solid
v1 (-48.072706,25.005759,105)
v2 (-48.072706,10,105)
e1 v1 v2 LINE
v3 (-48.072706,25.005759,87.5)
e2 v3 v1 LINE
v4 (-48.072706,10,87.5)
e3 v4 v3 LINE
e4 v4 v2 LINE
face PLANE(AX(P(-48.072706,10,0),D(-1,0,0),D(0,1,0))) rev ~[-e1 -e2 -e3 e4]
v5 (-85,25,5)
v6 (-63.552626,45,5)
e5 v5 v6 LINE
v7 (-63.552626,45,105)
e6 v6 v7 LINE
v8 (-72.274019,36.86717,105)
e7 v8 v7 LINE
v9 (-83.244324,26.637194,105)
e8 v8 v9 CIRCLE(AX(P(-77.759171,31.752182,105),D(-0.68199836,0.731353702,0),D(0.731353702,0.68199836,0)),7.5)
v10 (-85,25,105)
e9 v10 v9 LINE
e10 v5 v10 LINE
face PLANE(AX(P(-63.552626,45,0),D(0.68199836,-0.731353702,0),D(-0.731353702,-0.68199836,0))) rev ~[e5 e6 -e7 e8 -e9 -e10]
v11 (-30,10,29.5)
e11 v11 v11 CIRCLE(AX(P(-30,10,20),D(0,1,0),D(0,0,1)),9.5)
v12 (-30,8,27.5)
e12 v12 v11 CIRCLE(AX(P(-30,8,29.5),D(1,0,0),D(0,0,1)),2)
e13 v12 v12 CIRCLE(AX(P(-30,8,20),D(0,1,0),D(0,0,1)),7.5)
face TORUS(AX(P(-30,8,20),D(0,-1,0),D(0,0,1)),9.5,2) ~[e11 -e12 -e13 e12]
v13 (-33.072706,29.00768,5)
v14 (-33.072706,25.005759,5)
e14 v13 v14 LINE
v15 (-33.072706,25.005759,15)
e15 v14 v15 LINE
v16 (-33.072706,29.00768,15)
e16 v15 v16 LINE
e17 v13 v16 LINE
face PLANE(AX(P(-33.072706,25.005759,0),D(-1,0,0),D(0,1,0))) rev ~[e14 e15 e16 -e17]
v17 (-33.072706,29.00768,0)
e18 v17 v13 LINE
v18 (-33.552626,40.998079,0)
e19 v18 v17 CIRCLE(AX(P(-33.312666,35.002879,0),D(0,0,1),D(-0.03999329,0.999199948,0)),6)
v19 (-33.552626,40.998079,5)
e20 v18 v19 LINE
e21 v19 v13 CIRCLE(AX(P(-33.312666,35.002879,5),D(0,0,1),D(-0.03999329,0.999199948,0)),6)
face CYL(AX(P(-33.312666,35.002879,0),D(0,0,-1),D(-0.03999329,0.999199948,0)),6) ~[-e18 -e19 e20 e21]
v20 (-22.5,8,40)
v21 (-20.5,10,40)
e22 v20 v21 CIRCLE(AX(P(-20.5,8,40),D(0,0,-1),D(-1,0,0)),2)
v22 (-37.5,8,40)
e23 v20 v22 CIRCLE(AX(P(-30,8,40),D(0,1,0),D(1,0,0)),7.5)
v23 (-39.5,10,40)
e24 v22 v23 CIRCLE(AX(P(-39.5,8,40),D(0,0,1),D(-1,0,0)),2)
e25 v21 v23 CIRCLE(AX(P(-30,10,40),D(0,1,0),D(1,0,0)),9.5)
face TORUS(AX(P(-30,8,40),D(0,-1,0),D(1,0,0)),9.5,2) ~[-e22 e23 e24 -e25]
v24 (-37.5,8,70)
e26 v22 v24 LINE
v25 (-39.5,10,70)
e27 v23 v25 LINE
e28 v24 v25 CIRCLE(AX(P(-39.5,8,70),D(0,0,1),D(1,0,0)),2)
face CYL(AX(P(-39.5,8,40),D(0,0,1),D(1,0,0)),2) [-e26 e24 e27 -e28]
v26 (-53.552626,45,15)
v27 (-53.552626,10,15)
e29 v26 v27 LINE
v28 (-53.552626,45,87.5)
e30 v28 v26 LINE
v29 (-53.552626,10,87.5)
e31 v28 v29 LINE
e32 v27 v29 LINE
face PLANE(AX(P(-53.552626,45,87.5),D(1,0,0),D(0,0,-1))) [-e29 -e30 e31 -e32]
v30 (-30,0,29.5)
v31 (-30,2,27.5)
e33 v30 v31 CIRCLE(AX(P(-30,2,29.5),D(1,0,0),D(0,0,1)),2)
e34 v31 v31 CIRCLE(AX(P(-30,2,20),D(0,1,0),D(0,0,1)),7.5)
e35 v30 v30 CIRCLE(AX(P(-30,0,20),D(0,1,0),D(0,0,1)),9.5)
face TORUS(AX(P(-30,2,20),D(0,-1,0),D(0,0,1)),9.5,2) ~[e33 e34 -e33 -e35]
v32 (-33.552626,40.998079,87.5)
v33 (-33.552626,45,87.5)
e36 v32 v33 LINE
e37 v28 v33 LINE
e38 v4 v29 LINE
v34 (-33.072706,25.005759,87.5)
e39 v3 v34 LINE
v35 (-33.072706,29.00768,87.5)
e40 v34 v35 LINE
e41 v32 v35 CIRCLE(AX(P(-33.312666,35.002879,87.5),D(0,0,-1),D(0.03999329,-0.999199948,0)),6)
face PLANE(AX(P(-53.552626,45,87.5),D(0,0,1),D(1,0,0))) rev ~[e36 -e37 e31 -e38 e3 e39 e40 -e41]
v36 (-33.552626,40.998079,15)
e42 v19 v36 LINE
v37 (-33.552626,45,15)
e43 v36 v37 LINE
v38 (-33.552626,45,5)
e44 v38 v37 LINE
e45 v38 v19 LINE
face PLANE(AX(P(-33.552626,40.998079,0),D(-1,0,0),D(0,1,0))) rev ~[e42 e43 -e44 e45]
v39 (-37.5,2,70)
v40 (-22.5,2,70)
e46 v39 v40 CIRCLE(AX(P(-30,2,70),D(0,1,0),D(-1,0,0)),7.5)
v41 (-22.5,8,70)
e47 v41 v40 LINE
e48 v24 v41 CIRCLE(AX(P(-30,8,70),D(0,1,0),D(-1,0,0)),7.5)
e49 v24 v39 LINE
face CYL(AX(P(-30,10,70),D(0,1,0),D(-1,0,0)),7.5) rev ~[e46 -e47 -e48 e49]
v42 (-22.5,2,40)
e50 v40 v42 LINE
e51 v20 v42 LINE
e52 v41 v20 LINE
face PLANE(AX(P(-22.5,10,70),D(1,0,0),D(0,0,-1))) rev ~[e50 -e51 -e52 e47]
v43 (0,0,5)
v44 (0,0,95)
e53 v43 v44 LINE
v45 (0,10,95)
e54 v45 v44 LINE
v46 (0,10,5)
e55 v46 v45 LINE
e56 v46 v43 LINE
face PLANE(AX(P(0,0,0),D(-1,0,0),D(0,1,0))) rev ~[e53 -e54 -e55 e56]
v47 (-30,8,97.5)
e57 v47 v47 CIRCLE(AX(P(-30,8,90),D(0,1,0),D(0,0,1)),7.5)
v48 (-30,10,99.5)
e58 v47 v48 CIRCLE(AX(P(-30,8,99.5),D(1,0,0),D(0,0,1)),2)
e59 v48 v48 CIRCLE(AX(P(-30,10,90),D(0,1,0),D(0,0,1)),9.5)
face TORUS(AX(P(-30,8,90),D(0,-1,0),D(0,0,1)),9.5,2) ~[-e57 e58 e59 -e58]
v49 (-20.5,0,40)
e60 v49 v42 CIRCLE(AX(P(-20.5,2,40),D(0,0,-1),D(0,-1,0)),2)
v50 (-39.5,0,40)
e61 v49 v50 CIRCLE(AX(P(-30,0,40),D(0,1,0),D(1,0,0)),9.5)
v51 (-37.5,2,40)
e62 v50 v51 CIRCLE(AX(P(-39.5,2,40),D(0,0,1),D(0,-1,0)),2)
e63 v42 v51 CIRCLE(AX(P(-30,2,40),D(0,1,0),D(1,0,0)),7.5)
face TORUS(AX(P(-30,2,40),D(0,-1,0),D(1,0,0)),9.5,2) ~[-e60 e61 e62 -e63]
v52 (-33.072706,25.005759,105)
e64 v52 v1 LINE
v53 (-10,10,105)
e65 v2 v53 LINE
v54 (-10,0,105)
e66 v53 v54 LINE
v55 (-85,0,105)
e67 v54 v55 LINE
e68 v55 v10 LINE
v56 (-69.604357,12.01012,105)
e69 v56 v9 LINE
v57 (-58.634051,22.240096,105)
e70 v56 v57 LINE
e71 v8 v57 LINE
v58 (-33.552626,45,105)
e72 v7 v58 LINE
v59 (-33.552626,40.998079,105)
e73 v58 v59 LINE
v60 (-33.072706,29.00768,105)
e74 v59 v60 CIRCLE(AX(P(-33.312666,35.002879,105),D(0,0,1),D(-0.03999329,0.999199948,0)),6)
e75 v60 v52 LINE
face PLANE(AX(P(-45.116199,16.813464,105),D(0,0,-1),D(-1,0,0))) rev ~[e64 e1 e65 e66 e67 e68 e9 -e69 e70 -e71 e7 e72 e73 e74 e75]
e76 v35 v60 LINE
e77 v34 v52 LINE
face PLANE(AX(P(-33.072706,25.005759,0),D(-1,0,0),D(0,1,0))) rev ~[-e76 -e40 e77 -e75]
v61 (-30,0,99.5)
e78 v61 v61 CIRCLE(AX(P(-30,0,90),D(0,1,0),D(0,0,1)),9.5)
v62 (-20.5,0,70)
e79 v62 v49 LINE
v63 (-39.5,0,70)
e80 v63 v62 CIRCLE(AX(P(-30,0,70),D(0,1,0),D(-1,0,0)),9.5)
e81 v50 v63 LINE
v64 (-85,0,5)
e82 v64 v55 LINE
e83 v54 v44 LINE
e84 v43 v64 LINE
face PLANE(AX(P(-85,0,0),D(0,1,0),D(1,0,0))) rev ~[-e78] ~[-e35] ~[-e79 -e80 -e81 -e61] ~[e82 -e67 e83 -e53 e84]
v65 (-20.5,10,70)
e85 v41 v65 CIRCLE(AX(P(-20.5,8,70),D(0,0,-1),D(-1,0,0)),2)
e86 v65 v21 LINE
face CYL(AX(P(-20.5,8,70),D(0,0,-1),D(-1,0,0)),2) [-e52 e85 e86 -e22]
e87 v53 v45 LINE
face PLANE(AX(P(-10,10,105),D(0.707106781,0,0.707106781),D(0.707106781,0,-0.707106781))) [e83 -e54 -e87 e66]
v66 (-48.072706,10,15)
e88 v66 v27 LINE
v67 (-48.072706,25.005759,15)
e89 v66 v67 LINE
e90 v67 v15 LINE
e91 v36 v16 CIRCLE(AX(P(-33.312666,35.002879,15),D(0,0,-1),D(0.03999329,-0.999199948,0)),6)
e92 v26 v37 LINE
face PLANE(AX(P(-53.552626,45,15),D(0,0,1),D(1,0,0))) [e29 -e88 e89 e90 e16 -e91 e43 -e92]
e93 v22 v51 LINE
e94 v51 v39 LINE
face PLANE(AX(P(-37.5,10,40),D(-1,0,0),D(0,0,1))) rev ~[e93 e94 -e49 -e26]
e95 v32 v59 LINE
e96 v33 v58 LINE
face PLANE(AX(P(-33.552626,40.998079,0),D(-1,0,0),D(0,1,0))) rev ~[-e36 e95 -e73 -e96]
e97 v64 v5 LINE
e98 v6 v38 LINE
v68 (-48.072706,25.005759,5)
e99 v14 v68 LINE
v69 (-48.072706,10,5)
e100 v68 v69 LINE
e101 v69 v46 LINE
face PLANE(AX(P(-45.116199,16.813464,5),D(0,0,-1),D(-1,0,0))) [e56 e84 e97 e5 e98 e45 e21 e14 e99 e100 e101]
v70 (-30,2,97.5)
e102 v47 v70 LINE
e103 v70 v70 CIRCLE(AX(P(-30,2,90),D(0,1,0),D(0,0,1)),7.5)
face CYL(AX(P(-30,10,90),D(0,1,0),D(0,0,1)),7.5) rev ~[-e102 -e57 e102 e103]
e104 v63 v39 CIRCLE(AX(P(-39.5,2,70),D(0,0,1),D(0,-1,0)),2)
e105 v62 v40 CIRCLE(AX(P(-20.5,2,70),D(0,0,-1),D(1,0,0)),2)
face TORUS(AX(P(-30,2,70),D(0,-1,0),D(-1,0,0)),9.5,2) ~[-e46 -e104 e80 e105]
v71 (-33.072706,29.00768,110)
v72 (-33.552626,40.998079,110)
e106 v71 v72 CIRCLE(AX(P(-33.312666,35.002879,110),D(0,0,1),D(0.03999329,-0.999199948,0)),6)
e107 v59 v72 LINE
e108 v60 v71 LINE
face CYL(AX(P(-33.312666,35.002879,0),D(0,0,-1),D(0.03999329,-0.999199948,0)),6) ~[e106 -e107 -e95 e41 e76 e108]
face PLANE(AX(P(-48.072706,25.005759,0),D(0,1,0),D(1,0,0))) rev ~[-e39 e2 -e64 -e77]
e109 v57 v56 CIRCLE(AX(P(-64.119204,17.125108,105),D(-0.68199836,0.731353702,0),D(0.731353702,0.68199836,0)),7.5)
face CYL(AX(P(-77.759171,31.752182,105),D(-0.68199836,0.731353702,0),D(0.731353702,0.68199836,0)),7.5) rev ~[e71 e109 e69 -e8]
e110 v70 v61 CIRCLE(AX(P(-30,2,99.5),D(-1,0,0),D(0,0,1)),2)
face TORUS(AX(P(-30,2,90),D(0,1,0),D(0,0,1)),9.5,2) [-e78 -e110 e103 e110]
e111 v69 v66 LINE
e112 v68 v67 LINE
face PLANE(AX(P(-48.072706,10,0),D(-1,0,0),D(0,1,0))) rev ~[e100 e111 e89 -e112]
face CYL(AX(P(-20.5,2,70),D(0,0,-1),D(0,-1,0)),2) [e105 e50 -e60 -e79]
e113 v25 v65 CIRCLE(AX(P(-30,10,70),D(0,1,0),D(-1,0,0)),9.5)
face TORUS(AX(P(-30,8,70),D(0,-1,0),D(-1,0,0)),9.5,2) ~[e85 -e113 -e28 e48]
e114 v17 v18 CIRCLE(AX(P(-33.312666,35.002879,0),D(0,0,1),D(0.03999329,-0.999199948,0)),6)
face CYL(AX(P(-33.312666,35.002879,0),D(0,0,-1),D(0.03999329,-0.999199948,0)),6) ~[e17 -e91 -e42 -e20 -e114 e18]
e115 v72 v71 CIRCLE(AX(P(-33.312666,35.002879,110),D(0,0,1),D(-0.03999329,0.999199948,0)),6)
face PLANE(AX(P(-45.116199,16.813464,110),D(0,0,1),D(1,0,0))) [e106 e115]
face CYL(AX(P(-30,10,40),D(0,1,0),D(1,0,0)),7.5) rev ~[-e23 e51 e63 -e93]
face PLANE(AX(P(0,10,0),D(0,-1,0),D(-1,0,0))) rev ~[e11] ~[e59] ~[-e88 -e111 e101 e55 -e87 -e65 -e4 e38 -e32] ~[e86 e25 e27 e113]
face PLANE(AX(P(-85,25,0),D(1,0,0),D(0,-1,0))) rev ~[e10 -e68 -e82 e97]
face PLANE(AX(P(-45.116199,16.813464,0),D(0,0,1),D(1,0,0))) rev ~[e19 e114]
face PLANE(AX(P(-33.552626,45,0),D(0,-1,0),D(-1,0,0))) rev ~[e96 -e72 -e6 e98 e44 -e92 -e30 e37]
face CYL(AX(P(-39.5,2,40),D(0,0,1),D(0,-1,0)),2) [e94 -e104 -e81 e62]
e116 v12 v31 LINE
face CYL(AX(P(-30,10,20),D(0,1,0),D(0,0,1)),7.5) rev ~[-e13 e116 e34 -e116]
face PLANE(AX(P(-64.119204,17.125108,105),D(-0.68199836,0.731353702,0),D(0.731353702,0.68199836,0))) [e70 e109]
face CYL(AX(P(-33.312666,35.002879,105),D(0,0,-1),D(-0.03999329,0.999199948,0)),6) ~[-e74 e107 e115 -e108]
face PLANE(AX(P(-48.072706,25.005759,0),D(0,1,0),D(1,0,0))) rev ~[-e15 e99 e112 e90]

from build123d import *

# Parameters (mm, degrees)
ESQUISSE1_R             = 6
BOSS_EXTRU_1_DEPTH      = 110
ENL_V_MAT_EXTRU_1_DEPTH = 5
ENL_V_START             = -5
ENL_V_MAT_EXTRU_2_DEPTH = 5
ENL_V_MAT_EXTRU_4_REACH = 148.116
ESQUISSE5_W             = 37.986809269
ESQUISSE5_H             = 72.5
ESQUISSE6_R             = 7.5
ENL_V_MAT_EXTRU_5_DEPTH = 20
ESQUISSE7_R             = 7.5
ENL_V_MAT_EXTRU_6_DEPTH = 20
CONG_1_R                = 2
CONG_2_R                = 2


with BuildPart() as part:
    # Esquisse1 → Boss.-Extru.1 (new body)
    with BuildSketch(Plane.XY):
        with BuildLine():
            Line((-85, 0), (0, 0))
            Line((0, 0), (0, 10))
            Line((0, 10), (-48.072706324, 10))
            Line((-48.072706324, 10), (-48.072706324, 25.005758897))
            Line((-48.072706324, 25.005758897), (-33.072706324, 25.005758897))
            Line((-33.072706324, 25.005758897), (-33.072706324, 29.007679758))
            ThreePointArc((-33.072706324, 29.007679758), (-39.307865752, 34.762919711), (-33.5526258, 40.998079138))
            Line((-33.5526258, 40.998079138), (-33.5526258, 45))
            Line((-33.5526258, 45), (-63.5526258, 45))
            Line((-63.5526258, 45), (-85, 25))
            Line((-85, 25), (-85, 0))
        make_face()
        with Locations((-33.312666062, 35.002879448)):
            Circle(ESQUISSE1_R)
    extrude(amount=BOSS_EXTRU_1_DEPTH)

    # Esquisse2 → Enlèv. mat.-Extru.1 (cut)
    with BuildSketch(Plane(origin=(0, 0, 0), x_dir=(-1, 0, 0), z_dir=(0, 0, -1))):
        with BuildLine():
            Line((33.5526258, 45), (33.5526258, 40.998079138))
            ThreePointArc((33.5526258, 40.998079138), (39.307865752, 34.762919711), (33.072706324, 29.007679758))
            Line((33.072706324, 29.007679758), (33.072706324, 25.005758897))
            Line((33.072706324, 25.005758897), (48.072706324, 25.005758897))
            Line((48.072706324, 25.005758897), (48.072706324, 10))
            Line((48.072706324, 10), (0, 10))
            Line((0, 10), (0, 0))
            Line((0, 0), (85, 0))
            Line((85, 0), (85, 25))
            Line((85, 25), (63.5526258, 45))
            Line((63.5526258, 45), (33.5526258, 45))
        make_face()
    extrude(amount=-ENL_V_MAT_EXTRU_1_DEPTH, mode=Mode.SUBTRACT)

    # Esquisse3 → Enlèv. mat.-Extru.2 (cut)
    with BuildSketch(Plane.XY.offset(110).offset(ENL_V_START)):
        with BuildLine():
            Line((-33.5526258, 45), (-33.5526258, 40.998079138))
            ThreePointArc((-33.5526258, 40.998079138), (-39.307865752, 34.762919711), (-33.072706324, 29.007679758))
            Line((-33.072706324, 29.007679758), (-33.072706324, 25.005758897))
            Line((-33.072706324, 25.005758897), (-48.072706324, 25.005758897))
            Line((-48.072706324, 25.005758897), (-48.072706324, 10))
            Line((-48.072706324, 10), (0, 10))
            Line((0, 10), (0, 0))
            Line((0, 0), (-85, 0))
            Line((-85, 0), (-85, 25))
            Line((-85, 25), (-63.5526258, 45))
            Line((-63.5526258, 45), (-33.5526258, 45))
        make_face()
    extrude(amount=ENL_V_MAT_EXTRU_2_DEPTH, mode=Mode.SUBTRACT)

    # Enlèv. mat.-Extru.4: up to this face of the body (flat: up to its plane)
    enl_v_mat_extru_4_end = Plane(part.part.faces().sort_by_distance((-24.036353162, 10, 55))[0])
    # Esquisse5 → Enlèv. mat.-Extru.4 (cut, up to the picked face)
    with BuildSketch(Plane(origin=(0, 45, 0), x_dir=(1, 0, 0), z_dir=(0, 1, 0)), mode=Mode.PRIVATE) as enl_v_mat_extru_4_sk1:
        with Locations((-34.559221165, -51.25)):
            Rectangle(ESQUISSE5_W, ESQUISSE5_H)
    enl_v_mat_extru_4_tool1 = split(extrude(enl_v_mat_extru_4_sk1.sketch, amount=-ENL_V_MAT_EXTRU_4_REACH, mode=Mode.PRIVATE), bisect_by=enl_v_mat_extru_4_end, keep=Keep.BOTH, mode=Mode.PRIVATE)
    add(enl_v_mat_extru_4_tool1.solids().sort_by(Axis((-34.559221, 45, 51.25), (0, -1, 0)))[0], mode=Mode.SUBTRACT)

    # Esquisse6 → Enlèv. mat.-Extru.5 (cut)
    with BuildSketch(Plane(origin=(-52.004900494, 55.768428058, 0), x_dir=(0.7313537016191718, 0.6819983600624971, 0), z_dir=(-0.6819983600624971, 0.7313537016191718, 0))):
        with Locations((-35.214521923, -105)):
            Circle(ESQUISSE6_R)
    extrude(amount=-ENL_V_MAT_EXTRU_5_DEPTH, mode=Mode.SUBTRACT)

    # Esquisse7 → Enlèv. mat.-Extru.6 (cut)
    with BuildSketch(Plane(origin=(0, 10, 0), x_dir=(1, 0, 0), z_dir=(0, 1, 0))):
        with Locations(Location((-30, -20, 0), (0, 0, 270))):
            Circle(ESQUISSE7_R)
        with Locations(Location((-30, -90, 0), (0, 0, 270))):
            Circle(ESQUISSE7_R)
        with BuildLine():
            Line((-37.5, -40), (-37.5, -70))
            ThreePointArc((-37.5, -70), (-30, -77.5), (-22.5, -70))
            Line((-22.5, -70), (-22.5, -40))
            ThreePointArc((-22.5, -40), (-30, -32.5), (-37.5, -40))
        make_face()
        Polygon((-10, -105), (0, -95), (0, -105), align=None)
    extrude(amount=-ENL_V_MAT_EXTRU_6_DEPTH, mode=Mode.SUBTRACT)

    # Congé1
    cong_1_edges = [part.edges().sort_by_distance(p)[0] for p in [
        (-30, 10, 12.5),
        (-22.5, 10, 55),
        (-37.5, 10, 55),
        (-30, 10, 77.5),
        (-30, 10, 32.5),
        (-30, 10, 82.5),
    ]]
    fillet(cong_1_edges, radius=CONG_1_R)

    # Congé2
    cong_2_edges = [part.edges().sort_by_distance(p)[0] for p in [
        (-30, 0, 12.5),
        (-37.5, 0, 55),
        (-30, 0, 32.5),
        (-30, 0, 77.5),
        (-22.5, 0, 55),
        (-30, 0, 82.5),
    ]]
    fillet(cong_2_edges, radius=CONG_2_R)


solid = part.part
